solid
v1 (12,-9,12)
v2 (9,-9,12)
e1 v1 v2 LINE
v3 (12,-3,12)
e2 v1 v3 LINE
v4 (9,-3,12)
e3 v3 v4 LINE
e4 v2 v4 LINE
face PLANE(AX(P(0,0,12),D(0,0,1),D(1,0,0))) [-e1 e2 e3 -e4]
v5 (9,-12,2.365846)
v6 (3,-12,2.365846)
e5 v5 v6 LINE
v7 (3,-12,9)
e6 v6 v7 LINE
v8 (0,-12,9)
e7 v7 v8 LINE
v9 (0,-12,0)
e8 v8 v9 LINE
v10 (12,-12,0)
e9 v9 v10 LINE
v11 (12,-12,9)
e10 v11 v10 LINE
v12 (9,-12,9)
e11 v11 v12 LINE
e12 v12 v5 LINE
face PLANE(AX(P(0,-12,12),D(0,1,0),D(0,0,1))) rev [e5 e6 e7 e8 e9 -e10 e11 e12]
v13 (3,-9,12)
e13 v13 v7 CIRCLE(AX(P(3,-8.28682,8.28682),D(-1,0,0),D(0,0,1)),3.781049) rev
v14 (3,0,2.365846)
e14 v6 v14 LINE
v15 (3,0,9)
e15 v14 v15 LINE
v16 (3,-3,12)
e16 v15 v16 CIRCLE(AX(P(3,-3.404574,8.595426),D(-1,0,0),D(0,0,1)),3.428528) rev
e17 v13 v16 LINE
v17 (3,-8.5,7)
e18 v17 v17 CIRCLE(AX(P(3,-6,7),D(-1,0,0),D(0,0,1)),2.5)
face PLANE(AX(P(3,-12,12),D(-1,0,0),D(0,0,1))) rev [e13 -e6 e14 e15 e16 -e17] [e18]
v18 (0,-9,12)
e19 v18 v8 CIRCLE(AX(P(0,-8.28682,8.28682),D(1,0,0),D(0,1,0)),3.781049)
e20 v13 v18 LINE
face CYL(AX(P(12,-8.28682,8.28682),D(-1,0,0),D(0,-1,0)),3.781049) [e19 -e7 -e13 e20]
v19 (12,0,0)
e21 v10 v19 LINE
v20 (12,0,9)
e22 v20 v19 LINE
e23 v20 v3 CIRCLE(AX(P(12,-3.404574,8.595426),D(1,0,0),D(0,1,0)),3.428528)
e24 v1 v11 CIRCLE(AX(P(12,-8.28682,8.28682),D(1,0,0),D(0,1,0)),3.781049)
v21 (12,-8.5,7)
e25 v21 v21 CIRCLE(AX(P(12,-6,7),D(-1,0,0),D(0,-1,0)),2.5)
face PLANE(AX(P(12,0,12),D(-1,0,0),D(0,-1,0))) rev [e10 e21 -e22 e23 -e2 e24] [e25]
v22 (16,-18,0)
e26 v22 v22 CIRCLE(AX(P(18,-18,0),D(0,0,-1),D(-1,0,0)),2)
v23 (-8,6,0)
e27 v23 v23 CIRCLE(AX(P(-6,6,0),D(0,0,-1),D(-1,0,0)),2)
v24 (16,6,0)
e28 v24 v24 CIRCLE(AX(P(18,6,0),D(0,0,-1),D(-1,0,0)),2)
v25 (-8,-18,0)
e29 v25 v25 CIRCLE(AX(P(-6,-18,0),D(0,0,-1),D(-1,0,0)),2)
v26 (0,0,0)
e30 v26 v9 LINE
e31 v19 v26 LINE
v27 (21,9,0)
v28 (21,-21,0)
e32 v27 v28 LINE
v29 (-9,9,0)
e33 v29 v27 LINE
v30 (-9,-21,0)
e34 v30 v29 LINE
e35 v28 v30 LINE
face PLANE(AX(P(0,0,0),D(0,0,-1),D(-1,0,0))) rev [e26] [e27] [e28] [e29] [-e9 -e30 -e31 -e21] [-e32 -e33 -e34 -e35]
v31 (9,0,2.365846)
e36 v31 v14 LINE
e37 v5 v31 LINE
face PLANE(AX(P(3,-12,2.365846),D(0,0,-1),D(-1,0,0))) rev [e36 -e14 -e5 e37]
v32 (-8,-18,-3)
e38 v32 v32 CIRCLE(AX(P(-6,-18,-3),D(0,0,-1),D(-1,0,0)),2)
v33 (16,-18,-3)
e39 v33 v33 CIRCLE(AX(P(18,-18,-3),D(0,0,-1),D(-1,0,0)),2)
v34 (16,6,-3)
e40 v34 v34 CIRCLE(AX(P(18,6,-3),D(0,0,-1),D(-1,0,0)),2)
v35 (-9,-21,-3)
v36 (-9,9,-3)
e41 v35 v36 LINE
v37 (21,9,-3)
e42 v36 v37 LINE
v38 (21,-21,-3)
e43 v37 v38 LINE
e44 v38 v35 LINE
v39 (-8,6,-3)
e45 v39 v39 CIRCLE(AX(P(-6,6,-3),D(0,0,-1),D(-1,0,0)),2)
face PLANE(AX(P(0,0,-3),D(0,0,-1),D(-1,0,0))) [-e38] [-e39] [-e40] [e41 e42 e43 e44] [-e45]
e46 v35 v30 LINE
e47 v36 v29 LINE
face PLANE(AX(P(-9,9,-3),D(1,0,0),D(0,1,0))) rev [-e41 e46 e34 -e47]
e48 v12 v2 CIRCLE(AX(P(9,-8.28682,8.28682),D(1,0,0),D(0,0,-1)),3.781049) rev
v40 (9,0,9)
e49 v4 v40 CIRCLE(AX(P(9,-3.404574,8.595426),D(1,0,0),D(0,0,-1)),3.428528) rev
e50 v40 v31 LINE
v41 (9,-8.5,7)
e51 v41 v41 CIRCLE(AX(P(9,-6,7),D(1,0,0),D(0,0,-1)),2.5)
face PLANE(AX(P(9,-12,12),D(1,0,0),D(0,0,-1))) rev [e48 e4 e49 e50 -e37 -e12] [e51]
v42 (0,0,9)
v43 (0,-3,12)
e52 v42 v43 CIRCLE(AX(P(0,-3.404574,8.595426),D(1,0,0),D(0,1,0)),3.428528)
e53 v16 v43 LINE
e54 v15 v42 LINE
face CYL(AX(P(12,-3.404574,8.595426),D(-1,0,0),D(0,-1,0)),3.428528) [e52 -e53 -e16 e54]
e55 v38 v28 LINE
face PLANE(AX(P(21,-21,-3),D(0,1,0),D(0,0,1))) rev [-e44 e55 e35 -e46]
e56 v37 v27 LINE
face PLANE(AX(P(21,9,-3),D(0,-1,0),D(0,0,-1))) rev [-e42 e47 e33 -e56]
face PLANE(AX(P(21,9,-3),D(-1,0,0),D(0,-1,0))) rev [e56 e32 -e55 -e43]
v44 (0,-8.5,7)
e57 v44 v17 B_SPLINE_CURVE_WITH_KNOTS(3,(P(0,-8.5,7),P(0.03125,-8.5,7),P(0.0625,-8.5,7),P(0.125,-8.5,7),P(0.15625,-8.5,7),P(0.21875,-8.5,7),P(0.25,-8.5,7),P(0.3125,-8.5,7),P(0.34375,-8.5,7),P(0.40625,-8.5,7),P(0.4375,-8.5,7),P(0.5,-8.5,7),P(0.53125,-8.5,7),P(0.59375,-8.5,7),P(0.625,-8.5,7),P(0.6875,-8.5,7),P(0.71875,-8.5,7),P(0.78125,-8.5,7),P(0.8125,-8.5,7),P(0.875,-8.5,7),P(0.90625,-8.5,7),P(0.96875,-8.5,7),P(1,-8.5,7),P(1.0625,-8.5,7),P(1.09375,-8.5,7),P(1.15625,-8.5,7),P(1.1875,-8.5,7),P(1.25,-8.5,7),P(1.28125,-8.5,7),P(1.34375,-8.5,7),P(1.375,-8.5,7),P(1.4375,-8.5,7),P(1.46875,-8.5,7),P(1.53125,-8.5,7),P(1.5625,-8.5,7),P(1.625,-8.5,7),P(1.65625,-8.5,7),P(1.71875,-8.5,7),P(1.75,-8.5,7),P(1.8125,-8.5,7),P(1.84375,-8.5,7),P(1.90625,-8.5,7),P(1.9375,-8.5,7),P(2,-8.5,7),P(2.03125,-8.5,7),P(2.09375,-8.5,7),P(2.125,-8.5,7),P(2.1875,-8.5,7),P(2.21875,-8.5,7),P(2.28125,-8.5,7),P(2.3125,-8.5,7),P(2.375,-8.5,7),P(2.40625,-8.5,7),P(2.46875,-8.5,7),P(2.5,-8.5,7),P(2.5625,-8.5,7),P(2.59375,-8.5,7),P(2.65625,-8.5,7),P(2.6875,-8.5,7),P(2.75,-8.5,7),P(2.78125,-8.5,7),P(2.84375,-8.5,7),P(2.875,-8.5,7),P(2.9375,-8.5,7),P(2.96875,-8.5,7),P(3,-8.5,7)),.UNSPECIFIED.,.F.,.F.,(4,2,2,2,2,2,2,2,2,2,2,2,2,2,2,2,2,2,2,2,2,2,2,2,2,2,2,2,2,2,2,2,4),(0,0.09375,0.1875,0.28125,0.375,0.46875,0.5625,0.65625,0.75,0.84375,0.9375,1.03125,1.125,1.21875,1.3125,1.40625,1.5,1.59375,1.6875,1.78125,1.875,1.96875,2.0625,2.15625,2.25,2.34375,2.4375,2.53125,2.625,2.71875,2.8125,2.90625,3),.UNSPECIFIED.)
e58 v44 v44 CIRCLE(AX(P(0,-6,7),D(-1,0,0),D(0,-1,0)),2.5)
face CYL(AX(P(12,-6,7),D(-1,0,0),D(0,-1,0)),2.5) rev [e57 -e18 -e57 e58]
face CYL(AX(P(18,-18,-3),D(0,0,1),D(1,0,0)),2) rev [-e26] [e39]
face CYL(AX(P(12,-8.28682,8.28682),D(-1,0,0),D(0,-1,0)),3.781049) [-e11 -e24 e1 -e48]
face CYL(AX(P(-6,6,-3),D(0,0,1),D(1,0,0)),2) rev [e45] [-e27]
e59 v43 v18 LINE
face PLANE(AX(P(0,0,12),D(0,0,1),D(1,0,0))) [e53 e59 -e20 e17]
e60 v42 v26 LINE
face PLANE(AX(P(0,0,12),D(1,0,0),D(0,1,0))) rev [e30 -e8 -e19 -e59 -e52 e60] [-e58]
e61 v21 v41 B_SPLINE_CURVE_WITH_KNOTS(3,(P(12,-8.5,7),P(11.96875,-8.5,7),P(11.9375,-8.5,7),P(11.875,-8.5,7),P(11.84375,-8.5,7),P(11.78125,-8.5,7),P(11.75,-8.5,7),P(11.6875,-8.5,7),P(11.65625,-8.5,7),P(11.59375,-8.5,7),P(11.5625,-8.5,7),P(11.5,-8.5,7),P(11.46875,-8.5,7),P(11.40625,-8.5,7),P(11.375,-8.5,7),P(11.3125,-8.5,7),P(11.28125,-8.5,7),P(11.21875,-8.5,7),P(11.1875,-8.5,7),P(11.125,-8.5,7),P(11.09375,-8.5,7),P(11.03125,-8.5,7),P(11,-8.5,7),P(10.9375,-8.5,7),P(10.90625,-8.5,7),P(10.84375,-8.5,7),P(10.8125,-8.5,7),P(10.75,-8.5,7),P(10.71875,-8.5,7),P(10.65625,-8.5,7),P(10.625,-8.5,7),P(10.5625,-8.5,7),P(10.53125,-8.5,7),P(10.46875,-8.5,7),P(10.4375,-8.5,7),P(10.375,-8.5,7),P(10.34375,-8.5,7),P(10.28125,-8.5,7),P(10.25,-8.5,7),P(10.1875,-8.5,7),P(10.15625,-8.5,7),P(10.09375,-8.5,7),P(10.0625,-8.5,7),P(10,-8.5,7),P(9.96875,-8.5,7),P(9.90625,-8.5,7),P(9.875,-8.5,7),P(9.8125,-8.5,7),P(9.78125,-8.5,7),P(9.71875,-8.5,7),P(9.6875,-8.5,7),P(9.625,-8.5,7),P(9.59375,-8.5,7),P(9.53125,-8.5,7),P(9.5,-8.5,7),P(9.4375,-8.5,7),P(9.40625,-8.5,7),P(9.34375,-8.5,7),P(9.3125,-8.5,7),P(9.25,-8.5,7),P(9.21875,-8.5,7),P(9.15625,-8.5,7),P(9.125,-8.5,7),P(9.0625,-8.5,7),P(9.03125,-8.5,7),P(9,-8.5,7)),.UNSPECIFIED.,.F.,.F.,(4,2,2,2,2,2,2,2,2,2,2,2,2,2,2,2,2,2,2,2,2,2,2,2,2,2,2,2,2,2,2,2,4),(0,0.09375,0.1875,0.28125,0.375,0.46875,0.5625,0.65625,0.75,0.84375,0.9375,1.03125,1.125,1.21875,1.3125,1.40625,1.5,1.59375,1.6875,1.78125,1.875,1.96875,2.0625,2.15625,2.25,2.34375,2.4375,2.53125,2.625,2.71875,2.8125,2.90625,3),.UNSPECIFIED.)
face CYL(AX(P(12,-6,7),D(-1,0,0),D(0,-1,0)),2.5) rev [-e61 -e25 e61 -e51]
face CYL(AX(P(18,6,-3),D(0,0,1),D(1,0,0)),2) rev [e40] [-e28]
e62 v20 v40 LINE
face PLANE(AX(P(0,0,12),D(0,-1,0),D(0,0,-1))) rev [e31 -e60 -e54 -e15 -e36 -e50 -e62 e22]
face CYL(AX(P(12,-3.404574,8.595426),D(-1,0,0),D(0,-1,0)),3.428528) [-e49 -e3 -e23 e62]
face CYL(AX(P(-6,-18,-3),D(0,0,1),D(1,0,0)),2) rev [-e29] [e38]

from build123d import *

# Parameters (mm, degrees)
ESQUISSE1_W             = 12
ESQUISSE1_H             = 12
BOSS_EXTRU_1_DEPTH      = 12
ESQUISSE2_W             = 6
ESQUISSE2_H             = 9.63415441
ENL_V_MAT_EXTRU_1_DEPTH = 21.784609691
ESQUISSE3_R             = 2.5
ENL_V_MAT_EXTRU_2_DEPTH = 21.784609691
ESQUISSE4_W             = 30
ESQUISSE4_H             = 30
ESQUISSE4_R             = 2
BOSS_EXTRU_2_DEPTH      = 3


with BuildPart() as part:
    # Esquisse1 → Boss.-Extru.1 (new body)
    with BuildSketch(Plane.XY):
        with Locations((6, -6)):
            Rectangle(ESQUISSE1_W, ESQUISSE1_H)
    extrude(amount=BOSS_EXTRU_1_DEPTH)

    # Esquisse2 → Enlèv. mat.-Extru.1 (cut, through all)
    with BuildSketch(Plane(origin=(0, 0, 0), x_dir=(1, 0, 0), z_dir=(0, 1, 0))):
        with Locations((6, -7.182922795)):
            Rectangle(ESQUISSE2_W, ESQUISSE2_H)
    extrude(amount=-ENL_V_MAT_EXTRU_1_DEPTH, mode=Mode.SUBTRACT)

    # Esquisse3 → Enlèv. mat.-Extru.2 (cut, through all)
    with BuildSketch(Plane.ZY):
        with Locations(Location((7, -6, 0), (0, 0, 270))):
            Circle(ESQUISSE3_R)
        with BuildLine():
            Line((12, -12), (9, -12))
            ThreePointArc((9, -12), (10.960425347, -10.960425347), (12, -9))
            Line((12, -9), (12, -12))
        make_face()
        with BuildLine():
            Line((12, 0), (12, -3))
            ThreePointArc((12, -3), (11.019761374, -0.980238626), (9, 0))
            Line((9, 0), (12, 0))
        make_face()
    extrude(amount=-ENL_V_MAT_EXTRU_2_DEPTH, mode=Mode.SUBTRACT)

    # Esquisse4 → Boss.-Extru.2 (add)
    with BuildSketch(Plane(origin=(0, 0, 0), x_dir=(-1, 0, 0), z_dir=(0, 0, -1))):
        with Locations((-6, -6)):
            Rectangle(ESQUISSE4_W, ESQUISSE4_H)
        with Locations((-18, 6)):
            Circle(ESQUISSE4_R, mode=Mode.SUBTRACT)
        with Locations((6, 6)):
            Circle(ESQUISSE4_R, mode=Mode.SUBTRACT)
        with Locations((-18, -18)):
            Circle(ESQUISSE4_R, mode=Mode.SUBTRACT)
        with Locations((6, -18)):
            Circle(ESQUISSE4_R, mode=Mode.SUBTRACT)
    extrude(amount=BOSS_EXTRU_2_DEPTH)


solid = part.part
